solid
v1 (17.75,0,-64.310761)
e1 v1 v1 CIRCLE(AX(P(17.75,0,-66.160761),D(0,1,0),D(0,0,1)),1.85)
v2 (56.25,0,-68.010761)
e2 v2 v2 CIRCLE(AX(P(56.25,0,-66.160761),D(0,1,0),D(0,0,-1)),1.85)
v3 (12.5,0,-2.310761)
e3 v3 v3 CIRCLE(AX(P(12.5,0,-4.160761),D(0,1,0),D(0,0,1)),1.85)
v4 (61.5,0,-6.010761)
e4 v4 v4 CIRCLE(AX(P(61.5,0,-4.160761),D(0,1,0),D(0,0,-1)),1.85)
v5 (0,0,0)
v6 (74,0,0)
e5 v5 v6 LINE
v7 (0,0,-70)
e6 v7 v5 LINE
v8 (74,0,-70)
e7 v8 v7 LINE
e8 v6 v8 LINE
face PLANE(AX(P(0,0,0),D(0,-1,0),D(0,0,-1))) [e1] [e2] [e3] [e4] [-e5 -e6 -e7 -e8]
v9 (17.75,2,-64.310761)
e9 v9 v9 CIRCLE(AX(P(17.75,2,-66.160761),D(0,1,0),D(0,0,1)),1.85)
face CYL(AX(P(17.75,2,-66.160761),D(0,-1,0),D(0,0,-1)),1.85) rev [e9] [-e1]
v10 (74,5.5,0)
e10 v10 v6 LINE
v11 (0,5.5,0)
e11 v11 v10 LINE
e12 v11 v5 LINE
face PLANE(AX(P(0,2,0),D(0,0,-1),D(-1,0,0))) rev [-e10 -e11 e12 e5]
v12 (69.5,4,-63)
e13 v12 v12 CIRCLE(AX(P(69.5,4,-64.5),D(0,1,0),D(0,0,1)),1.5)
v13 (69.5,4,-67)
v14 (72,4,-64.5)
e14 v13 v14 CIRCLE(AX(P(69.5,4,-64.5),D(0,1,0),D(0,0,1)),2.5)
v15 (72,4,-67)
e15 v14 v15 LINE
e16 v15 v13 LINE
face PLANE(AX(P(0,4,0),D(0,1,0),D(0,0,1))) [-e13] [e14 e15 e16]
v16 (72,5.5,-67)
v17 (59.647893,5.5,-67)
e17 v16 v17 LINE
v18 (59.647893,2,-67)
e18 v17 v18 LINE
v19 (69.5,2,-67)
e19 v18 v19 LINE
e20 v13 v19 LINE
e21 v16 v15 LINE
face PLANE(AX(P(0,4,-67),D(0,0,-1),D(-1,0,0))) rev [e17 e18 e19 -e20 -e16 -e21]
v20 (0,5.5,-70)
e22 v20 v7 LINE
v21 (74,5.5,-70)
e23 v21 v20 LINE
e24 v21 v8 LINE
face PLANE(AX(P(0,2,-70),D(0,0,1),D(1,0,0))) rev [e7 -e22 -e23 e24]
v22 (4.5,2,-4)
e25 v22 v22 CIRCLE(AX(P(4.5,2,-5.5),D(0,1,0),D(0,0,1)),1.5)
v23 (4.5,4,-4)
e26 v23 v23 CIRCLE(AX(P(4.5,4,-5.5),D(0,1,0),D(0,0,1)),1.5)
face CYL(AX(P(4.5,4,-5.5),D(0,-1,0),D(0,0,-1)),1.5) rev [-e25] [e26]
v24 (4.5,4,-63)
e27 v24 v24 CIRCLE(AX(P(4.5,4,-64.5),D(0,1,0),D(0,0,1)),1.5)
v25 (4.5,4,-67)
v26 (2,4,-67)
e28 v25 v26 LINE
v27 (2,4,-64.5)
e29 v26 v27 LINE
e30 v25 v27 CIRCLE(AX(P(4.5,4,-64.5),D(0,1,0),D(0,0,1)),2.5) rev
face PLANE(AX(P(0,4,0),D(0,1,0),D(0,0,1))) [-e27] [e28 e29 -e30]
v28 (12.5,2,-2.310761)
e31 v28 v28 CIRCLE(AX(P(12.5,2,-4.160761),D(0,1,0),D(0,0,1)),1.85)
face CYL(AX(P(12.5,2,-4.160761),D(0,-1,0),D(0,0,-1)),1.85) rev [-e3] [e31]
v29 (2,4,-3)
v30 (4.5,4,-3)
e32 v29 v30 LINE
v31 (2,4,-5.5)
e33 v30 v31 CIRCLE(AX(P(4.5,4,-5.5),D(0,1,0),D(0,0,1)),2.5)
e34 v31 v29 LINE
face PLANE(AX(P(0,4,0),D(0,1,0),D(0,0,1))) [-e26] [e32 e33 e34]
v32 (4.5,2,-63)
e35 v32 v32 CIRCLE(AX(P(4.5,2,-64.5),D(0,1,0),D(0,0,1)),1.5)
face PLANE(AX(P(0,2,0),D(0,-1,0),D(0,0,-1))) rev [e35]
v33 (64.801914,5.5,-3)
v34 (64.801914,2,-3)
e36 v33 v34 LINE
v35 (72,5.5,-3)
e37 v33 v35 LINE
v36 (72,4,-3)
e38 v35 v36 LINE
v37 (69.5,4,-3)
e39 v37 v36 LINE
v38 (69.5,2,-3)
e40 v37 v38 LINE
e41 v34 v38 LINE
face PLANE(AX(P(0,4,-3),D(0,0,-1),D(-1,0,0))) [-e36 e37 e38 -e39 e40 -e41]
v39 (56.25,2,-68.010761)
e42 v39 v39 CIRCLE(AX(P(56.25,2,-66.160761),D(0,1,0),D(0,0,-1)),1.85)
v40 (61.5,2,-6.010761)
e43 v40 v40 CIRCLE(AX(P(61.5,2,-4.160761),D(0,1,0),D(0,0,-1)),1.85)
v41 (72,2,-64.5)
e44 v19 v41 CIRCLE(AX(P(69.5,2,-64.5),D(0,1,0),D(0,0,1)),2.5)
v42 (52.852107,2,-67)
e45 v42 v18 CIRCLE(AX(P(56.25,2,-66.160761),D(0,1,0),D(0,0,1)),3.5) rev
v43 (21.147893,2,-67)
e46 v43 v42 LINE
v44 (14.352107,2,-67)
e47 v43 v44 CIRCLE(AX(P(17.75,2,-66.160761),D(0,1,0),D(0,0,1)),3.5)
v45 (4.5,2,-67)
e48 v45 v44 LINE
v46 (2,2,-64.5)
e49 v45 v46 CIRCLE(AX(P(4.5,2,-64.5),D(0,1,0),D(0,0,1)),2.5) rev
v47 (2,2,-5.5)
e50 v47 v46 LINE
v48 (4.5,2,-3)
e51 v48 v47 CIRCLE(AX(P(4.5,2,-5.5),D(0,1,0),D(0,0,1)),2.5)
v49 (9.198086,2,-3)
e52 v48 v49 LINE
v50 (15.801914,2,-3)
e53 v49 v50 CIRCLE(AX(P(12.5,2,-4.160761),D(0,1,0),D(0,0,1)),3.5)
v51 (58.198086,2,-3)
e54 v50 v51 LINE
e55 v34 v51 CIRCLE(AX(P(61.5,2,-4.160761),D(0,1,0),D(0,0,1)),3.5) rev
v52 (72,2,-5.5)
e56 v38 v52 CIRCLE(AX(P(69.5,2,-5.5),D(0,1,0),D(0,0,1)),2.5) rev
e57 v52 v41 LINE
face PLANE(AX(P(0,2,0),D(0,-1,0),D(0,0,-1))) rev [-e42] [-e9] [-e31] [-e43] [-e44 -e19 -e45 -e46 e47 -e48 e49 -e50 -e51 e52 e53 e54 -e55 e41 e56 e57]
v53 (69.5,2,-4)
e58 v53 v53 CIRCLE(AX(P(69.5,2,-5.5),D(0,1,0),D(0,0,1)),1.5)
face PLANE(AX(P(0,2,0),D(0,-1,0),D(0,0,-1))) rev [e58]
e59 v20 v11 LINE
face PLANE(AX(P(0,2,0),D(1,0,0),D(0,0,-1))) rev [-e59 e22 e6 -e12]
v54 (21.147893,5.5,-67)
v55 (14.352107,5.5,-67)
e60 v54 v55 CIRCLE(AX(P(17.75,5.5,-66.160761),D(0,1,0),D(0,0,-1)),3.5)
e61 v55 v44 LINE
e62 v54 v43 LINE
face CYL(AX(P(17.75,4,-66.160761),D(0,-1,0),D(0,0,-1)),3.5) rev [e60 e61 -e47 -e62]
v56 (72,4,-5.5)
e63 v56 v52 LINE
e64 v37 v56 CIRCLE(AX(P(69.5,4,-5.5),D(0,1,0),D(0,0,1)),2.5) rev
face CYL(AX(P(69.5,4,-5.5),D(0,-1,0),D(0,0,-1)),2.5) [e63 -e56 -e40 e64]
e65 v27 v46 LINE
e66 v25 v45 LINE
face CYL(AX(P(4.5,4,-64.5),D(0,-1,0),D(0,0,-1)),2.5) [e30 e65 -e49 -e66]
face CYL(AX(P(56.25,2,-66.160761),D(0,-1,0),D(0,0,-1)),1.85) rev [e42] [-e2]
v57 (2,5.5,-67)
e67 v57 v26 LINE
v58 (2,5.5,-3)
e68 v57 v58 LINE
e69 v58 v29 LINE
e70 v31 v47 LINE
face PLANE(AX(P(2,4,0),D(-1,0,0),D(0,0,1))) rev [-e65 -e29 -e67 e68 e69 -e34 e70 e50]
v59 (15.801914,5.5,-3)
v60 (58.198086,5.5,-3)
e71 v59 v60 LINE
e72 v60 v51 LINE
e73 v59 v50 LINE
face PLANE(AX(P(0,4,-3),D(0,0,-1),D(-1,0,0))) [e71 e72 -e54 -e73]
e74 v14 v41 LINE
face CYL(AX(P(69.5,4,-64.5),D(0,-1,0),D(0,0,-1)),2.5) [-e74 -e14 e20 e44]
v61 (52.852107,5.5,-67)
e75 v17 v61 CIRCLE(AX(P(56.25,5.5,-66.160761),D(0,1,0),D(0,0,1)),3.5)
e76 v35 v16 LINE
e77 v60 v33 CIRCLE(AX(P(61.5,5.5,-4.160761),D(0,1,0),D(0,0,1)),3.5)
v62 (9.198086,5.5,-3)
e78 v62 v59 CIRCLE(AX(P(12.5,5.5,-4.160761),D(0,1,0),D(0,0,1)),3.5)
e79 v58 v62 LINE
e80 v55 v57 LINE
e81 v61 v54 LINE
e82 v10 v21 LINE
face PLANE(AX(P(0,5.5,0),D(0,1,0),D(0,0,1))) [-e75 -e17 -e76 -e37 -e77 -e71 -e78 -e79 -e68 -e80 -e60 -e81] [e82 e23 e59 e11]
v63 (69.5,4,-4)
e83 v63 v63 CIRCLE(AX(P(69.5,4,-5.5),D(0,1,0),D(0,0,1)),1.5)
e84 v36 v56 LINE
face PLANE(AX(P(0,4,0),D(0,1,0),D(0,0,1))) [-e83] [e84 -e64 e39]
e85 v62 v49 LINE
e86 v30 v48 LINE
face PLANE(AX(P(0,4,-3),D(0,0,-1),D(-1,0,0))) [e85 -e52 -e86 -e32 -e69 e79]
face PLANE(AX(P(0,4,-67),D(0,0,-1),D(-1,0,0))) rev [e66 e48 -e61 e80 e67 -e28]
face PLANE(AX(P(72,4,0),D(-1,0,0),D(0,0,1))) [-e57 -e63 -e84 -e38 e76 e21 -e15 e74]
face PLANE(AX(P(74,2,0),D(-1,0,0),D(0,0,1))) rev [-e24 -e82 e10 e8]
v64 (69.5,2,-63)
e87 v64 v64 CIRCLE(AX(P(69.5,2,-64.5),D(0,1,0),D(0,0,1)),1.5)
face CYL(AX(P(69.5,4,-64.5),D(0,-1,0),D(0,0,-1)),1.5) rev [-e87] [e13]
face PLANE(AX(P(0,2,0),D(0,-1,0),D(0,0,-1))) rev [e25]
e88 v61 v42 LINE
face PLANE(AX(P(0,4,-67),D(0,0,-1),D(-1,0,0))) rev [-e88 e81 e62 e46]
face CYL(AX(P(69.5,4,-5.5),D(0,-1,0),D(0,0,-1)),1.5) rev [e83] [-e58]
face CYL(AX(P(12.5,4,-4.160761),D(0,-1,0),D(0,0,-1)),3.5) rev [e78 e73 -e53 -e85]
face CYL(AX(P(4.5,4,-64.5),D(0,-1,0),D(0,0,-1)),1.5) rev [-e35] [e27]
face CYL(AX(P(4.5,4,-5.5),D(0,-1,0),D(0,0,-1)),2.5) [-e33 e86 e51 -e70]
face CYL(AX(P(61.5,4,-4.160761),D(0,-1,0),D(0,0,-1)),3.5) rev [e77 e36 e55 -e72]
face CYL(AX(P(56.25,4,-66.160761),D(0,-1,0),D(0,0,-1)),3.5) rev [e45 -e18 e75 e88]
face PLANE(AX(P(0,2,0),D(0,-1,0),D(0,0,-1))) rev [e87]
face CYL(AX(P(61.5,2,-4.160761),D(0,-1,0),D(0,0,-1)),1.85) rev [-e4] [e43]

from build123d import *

# Parameters (mm, degrees)
SKETCH1_R           = 1.85
BOSS_EXTRUDE1_DEPTH = 2
SKETCH2_W           = 74
SKETCH2_H           = 70
SKETCH2_R           = 1.5
BOSS_EXTRUDE2_DEPTH = 2
SKETCH3_W           = 74
SKETCH3_H           = 70
BOSS_EXTRUDE3_DEPTH = 1.5


with BuildPart() as part:
    # Sketch1 → Boss-Extrude1 (new body)
    with BuildSketch(Plane(origin=(0, 0, 0), x_dir=(1, 0, 0), z_dir=(0, 1, 0))):
        Polygon((0, 0), (74, 0), (74, 70), (56.753344727, 70), (55.746655273, 70), (18.253344727, 70), (17.246655273, 70), (0, 70), align=None)
        with Locations((17.75, 66.160760925)):
            Circle(SKETCH1_R, mode=Mode.SUBTRACT)
        with Locations((12.5, 4.160760925)):
            Circle(SKETCH1_R, mode=Mode.SUBTRACT)
        with Locations((61.5, 4.160760925)):
            Circle(SKETCH1_R, mode=Mode.SUBTRACT)
        with Locations((56.25, 66.160760925)):
            Circle(SKETCH1_R, mode=Mode.SUBTRACT)
    extrude(amount=BOSS_EXTRUDE1_DEPTH)

    # Sketch2 → Boss-Extrude2 (add)
    with BuildSketch(Plane(origin=(0, 2, 0), x_dir=(1, 0, 0), z_dir=(0, 1, 0))):
        with Locations((37, 35)):
            Rectangle(SKETCH2_W, SKETCH2_H)
        with Locations((4.5, 5.5)):
            Circle(SKETCH2_R, mode=Mode.SUBTRACT)
        with Locations((69.5, 5.5)):
            Circle(SKETCH2_R, mode=Mode.SUBTRACT)
        with Locations((69.5, 64.5)):
            Circle(SKETCH2_R, mode=Mode.SUBTRACT)
        with Locations((4.5, 64.5)):
            Circle(SKETCH2_R, mode=Mode.SUBTRACT)
        with BuildLine():
            Line((4.5, 3), (9.198086301, 3))
            ThreePointArc((9.198086301, 3), (12.5, 0.660760925), (15.801913699, 3))
            Line((15.801913699, 3), (58.198086301, 3))
            ThreePointArc((58.198086301, 3), (61.5, 0.660760925), (64.801913699, 3))
            Line((64.801913699, 3), (69.5, 3))
            ThreePointArc((69.5, 3), (67.732233047, 7.267766953), (72, 5.5))
            Line((72, 5.5), (72, 64.5))
            ThreePointArc((72, 64.5), (67.732233047, 62.732233047), (69.5, 67))
            Line((69.5, 67), (59.647893138, 67))
            ThreePointArc((59.647893138, 67), (56.25, 69.660760925), (52.852106862, 67))
            Line((52.852106862, 67), (21.147893138, 67))
            ThreePointArc((21.147893138, 67), (17.75, 69.660760925), (14.352106862, 67))
            Line((14.352106862, 67), (4.5, 67))
            ThreePointArc((4.5, 67), (6.267766953, 62.732233047), (2, 64.5))
            Line((2, 64.5), (2, 5.5))
            ThreePointArc((2, 5.5), (6.267766953, 7.267766953), (4.5, 3))
        make_face(mode=Mode.SUBTRACT)
    extrude(amount=BOSS_EXTRUDE2_DEPTH)

    # Sketch3 → Boss-Extrude3 (add)
    with BuildSketch(Plane(origin=(0, 4, 0), x_dir=(1, 0, 0), z_dir=(0, 1, 0))):
        with Locations((37, 35)):
            Rectangle(SKETCH3_W, SKETCH3_H)
        with BuildLine():
            Line((9.198086301, 3), (2, 3))
            Line((2, 3), (2, 67))
            Line((2, 67), (4.5, 67))
            Line((4.5, 67), (14.352106862, 67))
            ThreePointArc((14.352106862, 67), (17.75, 69.660760925), (21.147893138, 67))
            Line((21.147893138, 67), (52.852106862, 67))
            ThreePointArc((52.852106862, 67), (56.25, 69.660760925), (59.647893138, 67))
            Line((59.647893138, 67), (72, 67))
            Line((72, 67), (72, 64.6))
            Line((72, 64.6), (72, 3))
            Line((72, 3), (64.801913699, 3))
            ThreePointArc((64.801913699, 3), (61.5, 0.660760925), (58.198086301, 3))
            Line((58.198086301, 3), (15.801913699, 3))
            ThreePointArc((15.801913699, 3), (12.5, 0.660760925), (9.198086301, 3))
        make_face(mode=Mode.SUBTRACT)
    extrude(amount=BOSS_EXTRUDE3_DEPTH)


solid = part.part
